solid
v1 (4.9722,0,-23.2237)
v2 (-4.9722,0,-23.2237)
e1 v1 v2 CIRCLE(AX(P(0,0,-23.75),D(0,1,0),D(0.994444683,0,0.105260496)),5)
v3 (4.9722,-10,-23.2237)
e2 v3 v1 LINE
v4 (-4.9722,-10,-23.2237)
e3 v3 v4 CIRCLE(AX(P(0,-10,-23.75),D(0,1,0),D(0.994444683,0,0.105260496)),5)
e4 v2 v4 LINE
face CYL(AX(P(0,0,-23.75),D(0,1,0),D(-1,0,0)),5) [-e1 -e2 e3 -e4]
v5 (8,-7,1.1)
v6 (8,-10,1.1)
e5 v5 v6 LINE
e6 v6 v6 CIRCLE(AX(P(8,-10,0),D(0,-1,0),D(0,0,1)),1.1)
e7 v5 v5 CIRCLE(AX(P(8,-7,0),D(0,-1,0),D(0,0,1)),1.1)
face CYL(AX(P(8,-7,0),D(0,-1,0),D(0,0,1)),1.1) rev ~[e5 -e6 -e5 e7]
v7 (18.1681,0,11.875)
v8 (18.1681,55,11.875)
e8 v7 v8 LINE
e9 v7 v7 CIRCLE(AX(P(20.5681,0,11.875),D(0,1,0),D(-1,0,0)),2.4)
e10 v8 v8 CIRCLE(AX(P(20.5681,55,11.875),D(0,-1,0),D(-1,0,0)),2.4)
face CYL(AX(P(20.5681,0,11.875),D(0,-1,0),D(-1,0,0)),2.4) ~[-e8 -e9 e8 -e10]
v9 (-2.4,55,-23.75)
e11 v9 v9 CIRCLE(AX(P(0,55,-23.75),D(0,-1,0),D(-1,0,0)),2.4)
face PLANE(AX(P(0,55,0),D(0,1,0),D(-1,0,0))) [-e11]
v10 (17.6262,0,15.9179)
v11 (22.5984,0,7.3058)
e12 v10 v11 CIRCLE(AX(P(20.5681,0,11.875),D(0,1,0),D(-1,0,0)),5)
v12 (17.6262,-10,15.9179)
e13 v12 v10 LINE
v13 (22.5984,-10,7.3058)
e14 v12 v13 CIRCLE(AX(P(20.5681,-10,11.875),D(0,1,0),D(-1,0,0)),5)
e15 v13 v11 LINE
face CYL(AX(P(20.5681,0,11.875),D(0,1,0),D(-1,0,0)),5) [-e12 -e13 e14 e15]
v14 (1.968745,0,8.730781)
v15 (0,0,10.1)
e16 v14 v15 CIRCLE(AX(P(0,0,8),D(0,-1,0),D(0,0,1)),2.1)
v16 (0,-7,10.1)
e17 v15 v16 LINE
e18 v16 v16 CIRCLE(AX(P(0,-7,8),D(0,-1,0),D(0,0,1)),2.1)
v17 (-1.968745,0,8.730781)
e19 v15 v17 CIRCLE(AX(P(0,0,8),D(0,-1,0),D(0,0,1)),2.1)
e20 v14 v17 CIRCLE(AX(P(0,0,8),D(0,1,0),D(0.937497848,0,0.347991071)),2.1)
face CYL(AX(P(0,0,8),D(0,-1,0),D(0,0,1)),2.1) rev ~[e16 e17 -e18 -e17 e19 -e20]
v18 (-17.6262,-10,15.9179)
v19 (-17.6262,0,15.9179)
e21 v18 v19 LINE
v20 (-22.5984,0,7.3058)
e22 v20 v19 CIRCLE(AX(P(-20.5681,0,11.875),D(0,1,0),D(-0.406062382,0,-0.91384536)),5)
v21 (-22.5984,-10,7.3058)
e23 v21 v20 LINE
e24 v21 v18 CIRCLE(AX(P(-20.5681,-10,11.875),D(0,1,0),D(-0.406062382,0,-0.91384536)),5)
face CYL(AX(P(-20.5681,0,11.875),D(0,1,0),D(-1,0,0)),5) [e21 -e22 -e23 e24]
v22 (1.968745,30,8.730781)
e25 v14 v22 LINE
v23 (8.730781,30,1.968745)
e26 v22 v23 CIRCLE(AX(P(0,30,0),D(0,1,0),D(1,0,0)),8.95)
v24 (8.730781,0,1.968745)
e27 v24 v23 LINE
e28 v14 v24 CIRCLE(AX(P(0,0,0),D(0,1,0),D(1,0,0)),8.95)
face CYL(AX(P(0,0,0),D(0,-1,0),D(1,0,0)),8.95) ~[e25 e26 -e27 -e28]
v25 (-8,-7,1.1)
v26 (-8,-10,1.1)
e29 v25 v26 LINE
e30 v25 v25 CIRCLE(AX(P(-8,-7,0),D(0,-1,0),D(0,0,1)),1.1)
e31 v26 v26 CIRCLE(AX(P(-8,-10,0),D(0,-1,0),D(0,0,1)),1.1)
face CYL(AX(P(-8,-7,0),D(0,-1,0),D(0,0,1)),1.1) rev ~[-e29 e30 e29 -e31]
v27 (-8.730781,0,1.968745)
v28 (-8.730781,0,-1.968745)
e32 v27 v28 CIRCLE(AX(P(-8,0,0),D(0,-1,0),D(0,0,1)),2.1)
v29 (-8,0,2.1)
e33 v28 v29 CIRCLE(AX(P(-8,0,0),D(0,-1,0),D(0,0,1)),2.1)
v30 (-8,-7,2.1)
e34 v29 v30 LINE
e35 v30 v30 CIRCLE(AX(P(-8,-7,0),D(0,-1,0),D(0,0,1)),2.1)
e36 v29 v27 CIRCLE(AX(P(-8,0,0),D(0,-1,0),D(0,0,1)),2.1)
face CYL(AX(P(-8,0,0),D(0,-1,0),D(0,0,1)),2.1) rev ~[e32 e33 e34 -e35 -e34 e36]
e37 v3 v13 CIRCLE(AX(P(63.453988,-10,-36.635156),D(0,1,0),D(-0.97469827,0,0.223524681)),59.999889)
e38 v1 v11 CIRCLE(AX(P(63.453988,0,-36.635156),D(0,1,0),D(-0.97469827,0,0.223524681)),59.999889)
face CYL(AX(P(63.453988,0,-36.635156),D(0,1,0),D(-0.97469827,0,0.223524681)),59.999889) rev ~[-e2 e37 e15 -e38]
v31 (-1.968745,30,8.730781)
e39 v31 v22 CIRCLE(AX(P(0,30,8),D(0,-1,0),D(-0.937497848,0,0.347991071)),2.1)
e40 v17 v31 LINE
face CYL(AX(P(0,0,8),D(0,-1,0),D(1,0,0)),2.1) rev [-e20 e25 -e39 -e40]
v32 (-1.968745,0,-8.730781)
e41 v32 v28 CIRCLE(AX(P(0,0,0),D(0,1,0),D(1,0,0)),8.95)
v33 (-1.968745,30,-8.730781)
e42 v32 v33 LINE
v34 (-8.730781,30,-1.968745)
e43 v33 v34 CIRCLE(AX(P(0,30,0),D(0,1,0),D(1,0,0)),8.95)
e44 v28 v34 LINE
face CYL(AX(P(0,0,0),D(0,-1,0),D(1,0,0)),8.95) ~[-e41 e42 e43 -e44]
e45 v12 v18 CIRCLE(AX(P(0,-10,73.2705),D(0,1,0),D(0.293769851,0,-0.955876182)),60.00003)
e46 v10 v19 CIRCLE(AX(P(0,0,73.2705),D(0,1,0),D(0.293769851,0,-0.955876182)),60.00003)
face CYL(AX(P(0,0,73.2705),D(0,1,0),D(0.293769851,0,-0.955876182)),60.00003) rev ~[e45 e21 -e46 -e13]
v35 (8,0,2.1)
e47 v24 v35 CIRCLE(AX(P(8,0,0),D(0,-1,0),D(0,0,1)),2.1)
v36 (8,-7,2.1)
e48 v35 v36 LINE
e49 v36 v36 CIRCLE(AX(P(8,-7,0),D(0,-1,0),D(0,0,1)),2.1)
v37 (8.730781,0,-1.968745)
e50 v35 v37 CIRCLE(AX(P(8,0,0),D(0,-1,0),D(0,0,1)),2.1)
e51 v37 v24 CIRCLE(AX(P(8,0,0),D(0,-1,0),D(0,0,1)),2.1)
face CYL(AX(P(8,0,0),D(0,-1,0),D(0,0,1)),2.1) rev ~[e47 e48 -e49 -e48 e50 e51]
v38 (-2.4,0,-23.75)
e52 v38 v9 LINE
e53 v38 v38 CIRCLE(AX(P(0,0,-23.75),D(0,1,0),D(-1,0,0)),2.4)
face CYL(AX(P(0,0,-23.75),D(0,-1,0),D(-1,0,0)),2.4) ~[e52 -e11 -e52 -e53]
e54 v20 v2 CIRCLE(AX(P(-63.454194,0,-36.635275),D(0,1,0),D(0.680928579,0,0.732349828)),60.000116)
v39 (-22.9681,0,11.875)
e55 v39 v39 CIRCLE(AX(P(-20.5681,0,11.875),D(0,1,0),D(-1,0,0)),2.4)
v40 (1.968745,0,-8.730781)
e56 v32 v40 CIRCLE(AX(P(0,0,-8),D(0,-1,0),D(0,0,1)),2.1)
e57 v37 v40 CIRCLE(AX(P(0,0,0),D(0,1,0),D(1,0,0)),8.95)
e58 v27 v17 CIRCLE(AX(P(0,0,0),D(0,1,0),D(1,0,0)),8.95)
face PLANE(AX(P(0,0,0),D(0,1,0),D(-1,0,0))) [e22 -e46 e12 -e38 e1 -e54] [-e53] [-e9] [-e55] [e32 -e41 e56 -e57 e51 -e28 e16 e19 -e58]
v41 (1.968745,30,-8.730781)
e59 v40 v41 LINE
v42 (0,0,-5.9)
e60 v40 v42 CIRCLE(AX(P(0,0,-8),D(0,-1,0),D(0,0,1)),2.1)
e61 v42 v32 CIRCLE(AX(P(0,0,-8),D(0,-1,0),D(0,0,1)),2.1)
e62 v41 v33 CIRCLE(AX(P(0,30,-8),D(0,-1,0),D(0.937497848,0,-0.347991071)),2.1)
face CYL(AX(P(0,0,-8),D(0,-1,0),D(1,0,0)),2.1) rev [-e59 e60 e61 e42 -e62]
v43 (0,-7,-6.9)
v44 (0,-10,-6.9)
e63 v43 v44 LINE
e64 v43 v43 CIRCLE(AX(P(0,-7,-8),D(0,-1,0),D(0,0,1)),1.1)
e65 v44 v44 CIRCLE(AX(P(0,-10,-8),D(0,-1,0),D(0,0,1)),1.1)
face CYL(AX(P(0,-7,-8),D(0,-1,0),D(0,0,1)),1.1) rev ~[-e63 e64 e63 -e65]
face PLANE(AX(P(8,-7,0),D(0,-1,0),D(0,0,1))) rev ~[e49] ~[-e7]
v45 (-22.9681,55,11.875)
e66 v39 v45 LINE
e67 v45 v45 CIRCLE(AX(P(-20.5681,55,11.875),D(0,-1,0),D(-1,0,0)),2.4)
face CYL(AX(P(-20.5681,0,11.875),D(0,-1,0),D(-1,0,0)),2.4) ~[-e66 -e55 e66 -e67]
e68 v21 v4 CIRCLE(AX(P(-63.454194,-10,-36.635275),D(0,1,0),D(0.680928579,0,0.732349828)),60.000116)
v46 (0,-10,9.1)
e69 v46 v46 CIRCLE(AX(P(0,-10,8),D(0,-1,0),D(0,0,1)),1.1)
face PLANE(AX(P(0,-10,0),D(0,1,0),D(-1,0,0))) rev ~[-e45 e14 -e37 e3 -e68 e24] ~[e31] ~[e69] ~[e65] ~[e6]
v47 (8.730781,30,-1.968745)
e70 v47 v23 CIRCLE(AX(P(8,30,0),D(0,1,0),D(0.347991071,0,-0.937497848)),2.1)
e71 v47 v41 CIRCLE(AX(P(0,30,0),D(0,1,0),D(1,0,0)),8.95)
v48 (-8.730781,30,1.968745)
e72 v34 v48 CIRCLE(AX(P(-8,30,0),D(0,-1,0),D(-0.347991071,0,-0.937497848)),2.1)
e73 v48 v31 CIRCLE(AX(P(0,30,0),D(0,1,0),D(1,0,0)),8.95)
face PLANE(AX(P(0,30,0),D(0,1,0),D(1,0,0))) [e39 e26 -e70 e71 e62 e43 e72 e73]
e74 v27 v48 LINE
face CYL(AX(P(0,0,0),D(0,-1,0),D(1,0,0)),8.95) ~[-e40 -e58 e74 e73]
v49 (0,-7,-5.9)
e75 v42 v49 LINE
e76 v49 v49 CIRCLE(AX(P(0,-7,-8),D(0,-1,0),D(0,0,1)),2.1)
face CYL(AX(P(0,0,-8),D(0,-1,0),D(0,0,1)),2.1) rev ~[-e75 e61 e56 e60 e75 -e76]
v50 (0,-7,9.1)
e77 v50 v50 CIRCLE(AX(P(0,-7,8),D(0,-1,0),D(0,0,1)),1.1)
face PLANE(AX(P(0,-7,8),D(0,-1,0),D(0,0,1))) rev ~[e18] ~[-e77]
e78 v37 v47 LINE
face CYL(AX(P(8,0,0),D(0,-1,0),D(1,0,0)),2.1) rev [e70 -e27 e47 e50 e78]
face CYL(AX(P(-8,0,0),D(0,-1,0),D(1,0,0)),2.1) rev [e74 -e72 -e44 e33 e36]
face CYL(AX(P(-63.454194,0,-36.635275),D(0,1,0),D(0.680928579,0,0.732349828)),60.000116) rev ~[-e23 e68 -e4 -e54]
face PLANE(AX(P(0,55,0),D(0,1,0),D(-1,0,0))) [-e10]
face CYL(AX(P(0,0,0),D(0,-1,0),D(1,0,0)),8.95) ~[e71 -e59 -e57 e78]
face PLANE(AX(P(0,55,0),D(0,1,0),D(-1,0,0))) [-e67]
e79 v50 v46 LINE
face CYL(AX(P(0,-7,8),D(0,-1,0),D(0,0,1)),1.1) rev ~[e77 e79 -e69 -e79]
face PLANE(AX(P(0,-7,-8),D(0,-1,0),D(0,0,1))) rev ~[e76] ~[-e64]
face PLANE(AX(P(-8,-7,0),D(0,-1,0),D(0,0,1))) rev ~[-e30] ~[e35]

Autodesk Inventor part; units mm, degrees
ref_plane "YZ Plane" through (0, 0, 0) normal (1, 0, 0) x (0, 1, 0)
ref_plane "XZ Plane" through (0, 0, 0) normal (0, 1, 0) x (-1, 0, 0)
ref_plane "XY Plane" through (0, 0, 0) normal (0, 0, 1) x (1, 0, 0)
sketch "스케치1" plane through (0, 0, 0) normal (0, 1, 0) x (-1, 0, 0)
  circle A0 centre (0, 0) radius 23.75
  circle A1 centre (0, -23.75) radius 2.4
  line L0 (0, 0) -> (0, -23.75)
  line L1 (0, 0) -> (20.5681, 11.875)
  line L2 (0, 0) -> (23.75, 0) construction
  line L3 (0, 0) -> (-20.5681, 11.875)
  line L4 (0, 0) -> (23.75, 0) construction
  circle A2 centre (20.5681, 11.875) radius 2.4
  circle A3 centre (-20.5681, 11.875) radius 2.4
  circle A4 centre (20.5681, 11.875) radius 5
  circle A5 centre (-20.5681, 11.875) radius 5
  circle A6 centre (0, -23.75) radius 5
  circle A7 centre (0, 0) radius 12
  arc A8 (-17.6262, 15.9179) -> (17.6262, 15.9179) centre (0, 73.2705) ccw
  arc A9 (22.5984, 7.3058) -> (4.9722, -23.2237) centre (63.4541, -36.6352) ccw
  arc A10 (-4.9722, -23.2237) -> (-22.5984, 7.3058) centre (-63.4541, -36.6352) ccw
  point P0 (-4.9722, -23.2237)
  dimension "d0" = 47.5
  dimension "d8" = 10
  dimension "d1" = 4.8
  dimension "d2" = 30
  dimension "d3" = 150
  dimension "d4" = 4.8
  dimension "d5" = 4.8
  dimension "d6" = 10
  dimension "d7" = 10
  dimension "d9" = 24
  dimension "d10" = 60
  dimension "d11" = 60
  dimension "d12" = 60
sketch "스케치2" plane through (0, 0, 0) normal (0, 1, 0) x (-1, 0, 0)
  point P0 (0, 0)
extrude "돌출3" add sketch "스케치1" against normal blind 5 contours A4 L1 A2 A0 | A0 A2 A4 | A9 A6 L0 A7 L1 A4 | A6 A0 A1 | A0 A1 L0 A6 | A2 L1 A0 | A0 A2 | A4 A0 A2 L1 | L1 A7 L3 A5 A8 A4 | A1 A0 | A0 L0 A1 | A6 A10 A5 L3 A7 L0 | L0 A1 A0 A6 | L1 A2 A0 | A7 L0 L1 | L1 L3 A7 | A0 A1 L0 | A7 L3 L0 | A5 L3 A3 A0 | A0 A3 A5 | A0 A3 L3 A5 | A3 L3 A0 | A0 A3 | A0 L3 A3
sketch "스케치3" plane through (0, -5, 0) normal (0, -1, 0) x (1, 0, 0)
  point P0 (0, 0)
extrude "돌출4" add sketch "스케치1" against normal blind 10 contours A4 L1 A2 A0 | A0 A2 A4 | A9 A6 L0 A7 L1 A4 | A6 A0 A1 | A0 A1 L0 A6 | A2 L1 A0 | A0 A2 | A4 A0 A2 L1 | L1 A7 L3 A5 A8 A4 | A1 A0 | A0 L0 A1 | A6 A10 A5 L3 A7 L0 | L0 A1 A0 A6 | L1 A2 A0 | A7 L0 L1 | L1 L3 A7 | A0 A1 L0 | A7 L3 L0 | A5 L3 A3 A0 | A0 A3 A5 | A0 A3 L3 A5 | A3 L3 A0 | A0 A3 | A0 L3 A3
extrude "돌출5" add sketch "스케치1" along normal blind 55 contours A2 L1 A0 | A0 A2 | A1 A0 | A0 L0 A1 | L1 A2 A0 | A0 A1 L0 | A3 L3 A0 | A0 A3 | A0 L3 A3
sketch "스케치4" plane through (0, -10, 0) normal (0, -1, 0) x (1, 0, 0)
  circle A0 centre (0, 0) radius 8
  circle A1 centre (0, 0) radius 8
  point P0 (8, 0)
  point P1 (0, -8)
  point P2 (0, 8)
  point P3 (-8, 0)
  point P4 (-8, 0)
  point P5 (-8, 0)
  point P6 (0, 8)
  point P7 (8, 0)
  point P8 (0, -8)
  dimension "d24" = 16
  dimension "d26" = 16
sketch "스케치5" plane through (0, 0, 0) normal (0, 1, 0) x (1, 0, 0)
  circle A0 centre (0, 0) radius 8
  point P0 (8, 0)
  point P1 (0, -8)
  point P2 (-8, 0)
  point P3 (0, 8)
  dimension "d27" = 16
hole "구멍1" at (0, 0, 8) at (-8, 0, 0) at (0, 0, -8) at (8, 0, 0) direction (0, -1, 0) diameter 2.2 end through all counterbore diameter 4.2 counterbore depth 7
sketch "스케치6" plane through (0, 0, 0) normal (0, 1, 0) x (1, 0, 0)
  point P0 (0, 0)
sketch "스케치7" plane through (0, 0, 0) normal (0, 1, 0) x (1, 0, 0)
  circle A0 centre (0, 0) radius 8.95
  circle A1 centre (0, 0) radius 8
  circle A2 centre (0, 8) radius 2.1
  circle A3 centre (-8, 0) radius 2.1
  circle A4 centre (0, -8) radius 2.1
  circle A5 centre (8, 0) radius 2.1
  point P0 (8.7308, 1.9687)
  point P1 (1.9687, 8.7308)
  point P2 (-1.9687, 8.7308)
  point P3 (-8.7308, 1.9687)
  point P4 (-8.7308, -1.9687)
  point P5 (-1.9687, -8.7308)
  point P6 (1.9687, -8.7308)
  point P7 (8.7308, -1.9687)
  dimension "d37" = 16
  dimension "d36" = 17.9
  dimension "d38" = 4.2
  dimension "d41" = 360
extrude "돌출6" add sketch "스케치7" along normal blind 30 contours A5 A1 A2 A0 | A0 A4 A1 A5 | A5 A1 A4 A3 A2 | A2 A1 A3 A0 | A0 A3 A1 A4
equation "\"d19\" = d7"
equation "\"TransitionRadius\" = BendRadius"
equation "\"BendRadius\" = 0.5"
properties part number "wheel_connection.0001"
